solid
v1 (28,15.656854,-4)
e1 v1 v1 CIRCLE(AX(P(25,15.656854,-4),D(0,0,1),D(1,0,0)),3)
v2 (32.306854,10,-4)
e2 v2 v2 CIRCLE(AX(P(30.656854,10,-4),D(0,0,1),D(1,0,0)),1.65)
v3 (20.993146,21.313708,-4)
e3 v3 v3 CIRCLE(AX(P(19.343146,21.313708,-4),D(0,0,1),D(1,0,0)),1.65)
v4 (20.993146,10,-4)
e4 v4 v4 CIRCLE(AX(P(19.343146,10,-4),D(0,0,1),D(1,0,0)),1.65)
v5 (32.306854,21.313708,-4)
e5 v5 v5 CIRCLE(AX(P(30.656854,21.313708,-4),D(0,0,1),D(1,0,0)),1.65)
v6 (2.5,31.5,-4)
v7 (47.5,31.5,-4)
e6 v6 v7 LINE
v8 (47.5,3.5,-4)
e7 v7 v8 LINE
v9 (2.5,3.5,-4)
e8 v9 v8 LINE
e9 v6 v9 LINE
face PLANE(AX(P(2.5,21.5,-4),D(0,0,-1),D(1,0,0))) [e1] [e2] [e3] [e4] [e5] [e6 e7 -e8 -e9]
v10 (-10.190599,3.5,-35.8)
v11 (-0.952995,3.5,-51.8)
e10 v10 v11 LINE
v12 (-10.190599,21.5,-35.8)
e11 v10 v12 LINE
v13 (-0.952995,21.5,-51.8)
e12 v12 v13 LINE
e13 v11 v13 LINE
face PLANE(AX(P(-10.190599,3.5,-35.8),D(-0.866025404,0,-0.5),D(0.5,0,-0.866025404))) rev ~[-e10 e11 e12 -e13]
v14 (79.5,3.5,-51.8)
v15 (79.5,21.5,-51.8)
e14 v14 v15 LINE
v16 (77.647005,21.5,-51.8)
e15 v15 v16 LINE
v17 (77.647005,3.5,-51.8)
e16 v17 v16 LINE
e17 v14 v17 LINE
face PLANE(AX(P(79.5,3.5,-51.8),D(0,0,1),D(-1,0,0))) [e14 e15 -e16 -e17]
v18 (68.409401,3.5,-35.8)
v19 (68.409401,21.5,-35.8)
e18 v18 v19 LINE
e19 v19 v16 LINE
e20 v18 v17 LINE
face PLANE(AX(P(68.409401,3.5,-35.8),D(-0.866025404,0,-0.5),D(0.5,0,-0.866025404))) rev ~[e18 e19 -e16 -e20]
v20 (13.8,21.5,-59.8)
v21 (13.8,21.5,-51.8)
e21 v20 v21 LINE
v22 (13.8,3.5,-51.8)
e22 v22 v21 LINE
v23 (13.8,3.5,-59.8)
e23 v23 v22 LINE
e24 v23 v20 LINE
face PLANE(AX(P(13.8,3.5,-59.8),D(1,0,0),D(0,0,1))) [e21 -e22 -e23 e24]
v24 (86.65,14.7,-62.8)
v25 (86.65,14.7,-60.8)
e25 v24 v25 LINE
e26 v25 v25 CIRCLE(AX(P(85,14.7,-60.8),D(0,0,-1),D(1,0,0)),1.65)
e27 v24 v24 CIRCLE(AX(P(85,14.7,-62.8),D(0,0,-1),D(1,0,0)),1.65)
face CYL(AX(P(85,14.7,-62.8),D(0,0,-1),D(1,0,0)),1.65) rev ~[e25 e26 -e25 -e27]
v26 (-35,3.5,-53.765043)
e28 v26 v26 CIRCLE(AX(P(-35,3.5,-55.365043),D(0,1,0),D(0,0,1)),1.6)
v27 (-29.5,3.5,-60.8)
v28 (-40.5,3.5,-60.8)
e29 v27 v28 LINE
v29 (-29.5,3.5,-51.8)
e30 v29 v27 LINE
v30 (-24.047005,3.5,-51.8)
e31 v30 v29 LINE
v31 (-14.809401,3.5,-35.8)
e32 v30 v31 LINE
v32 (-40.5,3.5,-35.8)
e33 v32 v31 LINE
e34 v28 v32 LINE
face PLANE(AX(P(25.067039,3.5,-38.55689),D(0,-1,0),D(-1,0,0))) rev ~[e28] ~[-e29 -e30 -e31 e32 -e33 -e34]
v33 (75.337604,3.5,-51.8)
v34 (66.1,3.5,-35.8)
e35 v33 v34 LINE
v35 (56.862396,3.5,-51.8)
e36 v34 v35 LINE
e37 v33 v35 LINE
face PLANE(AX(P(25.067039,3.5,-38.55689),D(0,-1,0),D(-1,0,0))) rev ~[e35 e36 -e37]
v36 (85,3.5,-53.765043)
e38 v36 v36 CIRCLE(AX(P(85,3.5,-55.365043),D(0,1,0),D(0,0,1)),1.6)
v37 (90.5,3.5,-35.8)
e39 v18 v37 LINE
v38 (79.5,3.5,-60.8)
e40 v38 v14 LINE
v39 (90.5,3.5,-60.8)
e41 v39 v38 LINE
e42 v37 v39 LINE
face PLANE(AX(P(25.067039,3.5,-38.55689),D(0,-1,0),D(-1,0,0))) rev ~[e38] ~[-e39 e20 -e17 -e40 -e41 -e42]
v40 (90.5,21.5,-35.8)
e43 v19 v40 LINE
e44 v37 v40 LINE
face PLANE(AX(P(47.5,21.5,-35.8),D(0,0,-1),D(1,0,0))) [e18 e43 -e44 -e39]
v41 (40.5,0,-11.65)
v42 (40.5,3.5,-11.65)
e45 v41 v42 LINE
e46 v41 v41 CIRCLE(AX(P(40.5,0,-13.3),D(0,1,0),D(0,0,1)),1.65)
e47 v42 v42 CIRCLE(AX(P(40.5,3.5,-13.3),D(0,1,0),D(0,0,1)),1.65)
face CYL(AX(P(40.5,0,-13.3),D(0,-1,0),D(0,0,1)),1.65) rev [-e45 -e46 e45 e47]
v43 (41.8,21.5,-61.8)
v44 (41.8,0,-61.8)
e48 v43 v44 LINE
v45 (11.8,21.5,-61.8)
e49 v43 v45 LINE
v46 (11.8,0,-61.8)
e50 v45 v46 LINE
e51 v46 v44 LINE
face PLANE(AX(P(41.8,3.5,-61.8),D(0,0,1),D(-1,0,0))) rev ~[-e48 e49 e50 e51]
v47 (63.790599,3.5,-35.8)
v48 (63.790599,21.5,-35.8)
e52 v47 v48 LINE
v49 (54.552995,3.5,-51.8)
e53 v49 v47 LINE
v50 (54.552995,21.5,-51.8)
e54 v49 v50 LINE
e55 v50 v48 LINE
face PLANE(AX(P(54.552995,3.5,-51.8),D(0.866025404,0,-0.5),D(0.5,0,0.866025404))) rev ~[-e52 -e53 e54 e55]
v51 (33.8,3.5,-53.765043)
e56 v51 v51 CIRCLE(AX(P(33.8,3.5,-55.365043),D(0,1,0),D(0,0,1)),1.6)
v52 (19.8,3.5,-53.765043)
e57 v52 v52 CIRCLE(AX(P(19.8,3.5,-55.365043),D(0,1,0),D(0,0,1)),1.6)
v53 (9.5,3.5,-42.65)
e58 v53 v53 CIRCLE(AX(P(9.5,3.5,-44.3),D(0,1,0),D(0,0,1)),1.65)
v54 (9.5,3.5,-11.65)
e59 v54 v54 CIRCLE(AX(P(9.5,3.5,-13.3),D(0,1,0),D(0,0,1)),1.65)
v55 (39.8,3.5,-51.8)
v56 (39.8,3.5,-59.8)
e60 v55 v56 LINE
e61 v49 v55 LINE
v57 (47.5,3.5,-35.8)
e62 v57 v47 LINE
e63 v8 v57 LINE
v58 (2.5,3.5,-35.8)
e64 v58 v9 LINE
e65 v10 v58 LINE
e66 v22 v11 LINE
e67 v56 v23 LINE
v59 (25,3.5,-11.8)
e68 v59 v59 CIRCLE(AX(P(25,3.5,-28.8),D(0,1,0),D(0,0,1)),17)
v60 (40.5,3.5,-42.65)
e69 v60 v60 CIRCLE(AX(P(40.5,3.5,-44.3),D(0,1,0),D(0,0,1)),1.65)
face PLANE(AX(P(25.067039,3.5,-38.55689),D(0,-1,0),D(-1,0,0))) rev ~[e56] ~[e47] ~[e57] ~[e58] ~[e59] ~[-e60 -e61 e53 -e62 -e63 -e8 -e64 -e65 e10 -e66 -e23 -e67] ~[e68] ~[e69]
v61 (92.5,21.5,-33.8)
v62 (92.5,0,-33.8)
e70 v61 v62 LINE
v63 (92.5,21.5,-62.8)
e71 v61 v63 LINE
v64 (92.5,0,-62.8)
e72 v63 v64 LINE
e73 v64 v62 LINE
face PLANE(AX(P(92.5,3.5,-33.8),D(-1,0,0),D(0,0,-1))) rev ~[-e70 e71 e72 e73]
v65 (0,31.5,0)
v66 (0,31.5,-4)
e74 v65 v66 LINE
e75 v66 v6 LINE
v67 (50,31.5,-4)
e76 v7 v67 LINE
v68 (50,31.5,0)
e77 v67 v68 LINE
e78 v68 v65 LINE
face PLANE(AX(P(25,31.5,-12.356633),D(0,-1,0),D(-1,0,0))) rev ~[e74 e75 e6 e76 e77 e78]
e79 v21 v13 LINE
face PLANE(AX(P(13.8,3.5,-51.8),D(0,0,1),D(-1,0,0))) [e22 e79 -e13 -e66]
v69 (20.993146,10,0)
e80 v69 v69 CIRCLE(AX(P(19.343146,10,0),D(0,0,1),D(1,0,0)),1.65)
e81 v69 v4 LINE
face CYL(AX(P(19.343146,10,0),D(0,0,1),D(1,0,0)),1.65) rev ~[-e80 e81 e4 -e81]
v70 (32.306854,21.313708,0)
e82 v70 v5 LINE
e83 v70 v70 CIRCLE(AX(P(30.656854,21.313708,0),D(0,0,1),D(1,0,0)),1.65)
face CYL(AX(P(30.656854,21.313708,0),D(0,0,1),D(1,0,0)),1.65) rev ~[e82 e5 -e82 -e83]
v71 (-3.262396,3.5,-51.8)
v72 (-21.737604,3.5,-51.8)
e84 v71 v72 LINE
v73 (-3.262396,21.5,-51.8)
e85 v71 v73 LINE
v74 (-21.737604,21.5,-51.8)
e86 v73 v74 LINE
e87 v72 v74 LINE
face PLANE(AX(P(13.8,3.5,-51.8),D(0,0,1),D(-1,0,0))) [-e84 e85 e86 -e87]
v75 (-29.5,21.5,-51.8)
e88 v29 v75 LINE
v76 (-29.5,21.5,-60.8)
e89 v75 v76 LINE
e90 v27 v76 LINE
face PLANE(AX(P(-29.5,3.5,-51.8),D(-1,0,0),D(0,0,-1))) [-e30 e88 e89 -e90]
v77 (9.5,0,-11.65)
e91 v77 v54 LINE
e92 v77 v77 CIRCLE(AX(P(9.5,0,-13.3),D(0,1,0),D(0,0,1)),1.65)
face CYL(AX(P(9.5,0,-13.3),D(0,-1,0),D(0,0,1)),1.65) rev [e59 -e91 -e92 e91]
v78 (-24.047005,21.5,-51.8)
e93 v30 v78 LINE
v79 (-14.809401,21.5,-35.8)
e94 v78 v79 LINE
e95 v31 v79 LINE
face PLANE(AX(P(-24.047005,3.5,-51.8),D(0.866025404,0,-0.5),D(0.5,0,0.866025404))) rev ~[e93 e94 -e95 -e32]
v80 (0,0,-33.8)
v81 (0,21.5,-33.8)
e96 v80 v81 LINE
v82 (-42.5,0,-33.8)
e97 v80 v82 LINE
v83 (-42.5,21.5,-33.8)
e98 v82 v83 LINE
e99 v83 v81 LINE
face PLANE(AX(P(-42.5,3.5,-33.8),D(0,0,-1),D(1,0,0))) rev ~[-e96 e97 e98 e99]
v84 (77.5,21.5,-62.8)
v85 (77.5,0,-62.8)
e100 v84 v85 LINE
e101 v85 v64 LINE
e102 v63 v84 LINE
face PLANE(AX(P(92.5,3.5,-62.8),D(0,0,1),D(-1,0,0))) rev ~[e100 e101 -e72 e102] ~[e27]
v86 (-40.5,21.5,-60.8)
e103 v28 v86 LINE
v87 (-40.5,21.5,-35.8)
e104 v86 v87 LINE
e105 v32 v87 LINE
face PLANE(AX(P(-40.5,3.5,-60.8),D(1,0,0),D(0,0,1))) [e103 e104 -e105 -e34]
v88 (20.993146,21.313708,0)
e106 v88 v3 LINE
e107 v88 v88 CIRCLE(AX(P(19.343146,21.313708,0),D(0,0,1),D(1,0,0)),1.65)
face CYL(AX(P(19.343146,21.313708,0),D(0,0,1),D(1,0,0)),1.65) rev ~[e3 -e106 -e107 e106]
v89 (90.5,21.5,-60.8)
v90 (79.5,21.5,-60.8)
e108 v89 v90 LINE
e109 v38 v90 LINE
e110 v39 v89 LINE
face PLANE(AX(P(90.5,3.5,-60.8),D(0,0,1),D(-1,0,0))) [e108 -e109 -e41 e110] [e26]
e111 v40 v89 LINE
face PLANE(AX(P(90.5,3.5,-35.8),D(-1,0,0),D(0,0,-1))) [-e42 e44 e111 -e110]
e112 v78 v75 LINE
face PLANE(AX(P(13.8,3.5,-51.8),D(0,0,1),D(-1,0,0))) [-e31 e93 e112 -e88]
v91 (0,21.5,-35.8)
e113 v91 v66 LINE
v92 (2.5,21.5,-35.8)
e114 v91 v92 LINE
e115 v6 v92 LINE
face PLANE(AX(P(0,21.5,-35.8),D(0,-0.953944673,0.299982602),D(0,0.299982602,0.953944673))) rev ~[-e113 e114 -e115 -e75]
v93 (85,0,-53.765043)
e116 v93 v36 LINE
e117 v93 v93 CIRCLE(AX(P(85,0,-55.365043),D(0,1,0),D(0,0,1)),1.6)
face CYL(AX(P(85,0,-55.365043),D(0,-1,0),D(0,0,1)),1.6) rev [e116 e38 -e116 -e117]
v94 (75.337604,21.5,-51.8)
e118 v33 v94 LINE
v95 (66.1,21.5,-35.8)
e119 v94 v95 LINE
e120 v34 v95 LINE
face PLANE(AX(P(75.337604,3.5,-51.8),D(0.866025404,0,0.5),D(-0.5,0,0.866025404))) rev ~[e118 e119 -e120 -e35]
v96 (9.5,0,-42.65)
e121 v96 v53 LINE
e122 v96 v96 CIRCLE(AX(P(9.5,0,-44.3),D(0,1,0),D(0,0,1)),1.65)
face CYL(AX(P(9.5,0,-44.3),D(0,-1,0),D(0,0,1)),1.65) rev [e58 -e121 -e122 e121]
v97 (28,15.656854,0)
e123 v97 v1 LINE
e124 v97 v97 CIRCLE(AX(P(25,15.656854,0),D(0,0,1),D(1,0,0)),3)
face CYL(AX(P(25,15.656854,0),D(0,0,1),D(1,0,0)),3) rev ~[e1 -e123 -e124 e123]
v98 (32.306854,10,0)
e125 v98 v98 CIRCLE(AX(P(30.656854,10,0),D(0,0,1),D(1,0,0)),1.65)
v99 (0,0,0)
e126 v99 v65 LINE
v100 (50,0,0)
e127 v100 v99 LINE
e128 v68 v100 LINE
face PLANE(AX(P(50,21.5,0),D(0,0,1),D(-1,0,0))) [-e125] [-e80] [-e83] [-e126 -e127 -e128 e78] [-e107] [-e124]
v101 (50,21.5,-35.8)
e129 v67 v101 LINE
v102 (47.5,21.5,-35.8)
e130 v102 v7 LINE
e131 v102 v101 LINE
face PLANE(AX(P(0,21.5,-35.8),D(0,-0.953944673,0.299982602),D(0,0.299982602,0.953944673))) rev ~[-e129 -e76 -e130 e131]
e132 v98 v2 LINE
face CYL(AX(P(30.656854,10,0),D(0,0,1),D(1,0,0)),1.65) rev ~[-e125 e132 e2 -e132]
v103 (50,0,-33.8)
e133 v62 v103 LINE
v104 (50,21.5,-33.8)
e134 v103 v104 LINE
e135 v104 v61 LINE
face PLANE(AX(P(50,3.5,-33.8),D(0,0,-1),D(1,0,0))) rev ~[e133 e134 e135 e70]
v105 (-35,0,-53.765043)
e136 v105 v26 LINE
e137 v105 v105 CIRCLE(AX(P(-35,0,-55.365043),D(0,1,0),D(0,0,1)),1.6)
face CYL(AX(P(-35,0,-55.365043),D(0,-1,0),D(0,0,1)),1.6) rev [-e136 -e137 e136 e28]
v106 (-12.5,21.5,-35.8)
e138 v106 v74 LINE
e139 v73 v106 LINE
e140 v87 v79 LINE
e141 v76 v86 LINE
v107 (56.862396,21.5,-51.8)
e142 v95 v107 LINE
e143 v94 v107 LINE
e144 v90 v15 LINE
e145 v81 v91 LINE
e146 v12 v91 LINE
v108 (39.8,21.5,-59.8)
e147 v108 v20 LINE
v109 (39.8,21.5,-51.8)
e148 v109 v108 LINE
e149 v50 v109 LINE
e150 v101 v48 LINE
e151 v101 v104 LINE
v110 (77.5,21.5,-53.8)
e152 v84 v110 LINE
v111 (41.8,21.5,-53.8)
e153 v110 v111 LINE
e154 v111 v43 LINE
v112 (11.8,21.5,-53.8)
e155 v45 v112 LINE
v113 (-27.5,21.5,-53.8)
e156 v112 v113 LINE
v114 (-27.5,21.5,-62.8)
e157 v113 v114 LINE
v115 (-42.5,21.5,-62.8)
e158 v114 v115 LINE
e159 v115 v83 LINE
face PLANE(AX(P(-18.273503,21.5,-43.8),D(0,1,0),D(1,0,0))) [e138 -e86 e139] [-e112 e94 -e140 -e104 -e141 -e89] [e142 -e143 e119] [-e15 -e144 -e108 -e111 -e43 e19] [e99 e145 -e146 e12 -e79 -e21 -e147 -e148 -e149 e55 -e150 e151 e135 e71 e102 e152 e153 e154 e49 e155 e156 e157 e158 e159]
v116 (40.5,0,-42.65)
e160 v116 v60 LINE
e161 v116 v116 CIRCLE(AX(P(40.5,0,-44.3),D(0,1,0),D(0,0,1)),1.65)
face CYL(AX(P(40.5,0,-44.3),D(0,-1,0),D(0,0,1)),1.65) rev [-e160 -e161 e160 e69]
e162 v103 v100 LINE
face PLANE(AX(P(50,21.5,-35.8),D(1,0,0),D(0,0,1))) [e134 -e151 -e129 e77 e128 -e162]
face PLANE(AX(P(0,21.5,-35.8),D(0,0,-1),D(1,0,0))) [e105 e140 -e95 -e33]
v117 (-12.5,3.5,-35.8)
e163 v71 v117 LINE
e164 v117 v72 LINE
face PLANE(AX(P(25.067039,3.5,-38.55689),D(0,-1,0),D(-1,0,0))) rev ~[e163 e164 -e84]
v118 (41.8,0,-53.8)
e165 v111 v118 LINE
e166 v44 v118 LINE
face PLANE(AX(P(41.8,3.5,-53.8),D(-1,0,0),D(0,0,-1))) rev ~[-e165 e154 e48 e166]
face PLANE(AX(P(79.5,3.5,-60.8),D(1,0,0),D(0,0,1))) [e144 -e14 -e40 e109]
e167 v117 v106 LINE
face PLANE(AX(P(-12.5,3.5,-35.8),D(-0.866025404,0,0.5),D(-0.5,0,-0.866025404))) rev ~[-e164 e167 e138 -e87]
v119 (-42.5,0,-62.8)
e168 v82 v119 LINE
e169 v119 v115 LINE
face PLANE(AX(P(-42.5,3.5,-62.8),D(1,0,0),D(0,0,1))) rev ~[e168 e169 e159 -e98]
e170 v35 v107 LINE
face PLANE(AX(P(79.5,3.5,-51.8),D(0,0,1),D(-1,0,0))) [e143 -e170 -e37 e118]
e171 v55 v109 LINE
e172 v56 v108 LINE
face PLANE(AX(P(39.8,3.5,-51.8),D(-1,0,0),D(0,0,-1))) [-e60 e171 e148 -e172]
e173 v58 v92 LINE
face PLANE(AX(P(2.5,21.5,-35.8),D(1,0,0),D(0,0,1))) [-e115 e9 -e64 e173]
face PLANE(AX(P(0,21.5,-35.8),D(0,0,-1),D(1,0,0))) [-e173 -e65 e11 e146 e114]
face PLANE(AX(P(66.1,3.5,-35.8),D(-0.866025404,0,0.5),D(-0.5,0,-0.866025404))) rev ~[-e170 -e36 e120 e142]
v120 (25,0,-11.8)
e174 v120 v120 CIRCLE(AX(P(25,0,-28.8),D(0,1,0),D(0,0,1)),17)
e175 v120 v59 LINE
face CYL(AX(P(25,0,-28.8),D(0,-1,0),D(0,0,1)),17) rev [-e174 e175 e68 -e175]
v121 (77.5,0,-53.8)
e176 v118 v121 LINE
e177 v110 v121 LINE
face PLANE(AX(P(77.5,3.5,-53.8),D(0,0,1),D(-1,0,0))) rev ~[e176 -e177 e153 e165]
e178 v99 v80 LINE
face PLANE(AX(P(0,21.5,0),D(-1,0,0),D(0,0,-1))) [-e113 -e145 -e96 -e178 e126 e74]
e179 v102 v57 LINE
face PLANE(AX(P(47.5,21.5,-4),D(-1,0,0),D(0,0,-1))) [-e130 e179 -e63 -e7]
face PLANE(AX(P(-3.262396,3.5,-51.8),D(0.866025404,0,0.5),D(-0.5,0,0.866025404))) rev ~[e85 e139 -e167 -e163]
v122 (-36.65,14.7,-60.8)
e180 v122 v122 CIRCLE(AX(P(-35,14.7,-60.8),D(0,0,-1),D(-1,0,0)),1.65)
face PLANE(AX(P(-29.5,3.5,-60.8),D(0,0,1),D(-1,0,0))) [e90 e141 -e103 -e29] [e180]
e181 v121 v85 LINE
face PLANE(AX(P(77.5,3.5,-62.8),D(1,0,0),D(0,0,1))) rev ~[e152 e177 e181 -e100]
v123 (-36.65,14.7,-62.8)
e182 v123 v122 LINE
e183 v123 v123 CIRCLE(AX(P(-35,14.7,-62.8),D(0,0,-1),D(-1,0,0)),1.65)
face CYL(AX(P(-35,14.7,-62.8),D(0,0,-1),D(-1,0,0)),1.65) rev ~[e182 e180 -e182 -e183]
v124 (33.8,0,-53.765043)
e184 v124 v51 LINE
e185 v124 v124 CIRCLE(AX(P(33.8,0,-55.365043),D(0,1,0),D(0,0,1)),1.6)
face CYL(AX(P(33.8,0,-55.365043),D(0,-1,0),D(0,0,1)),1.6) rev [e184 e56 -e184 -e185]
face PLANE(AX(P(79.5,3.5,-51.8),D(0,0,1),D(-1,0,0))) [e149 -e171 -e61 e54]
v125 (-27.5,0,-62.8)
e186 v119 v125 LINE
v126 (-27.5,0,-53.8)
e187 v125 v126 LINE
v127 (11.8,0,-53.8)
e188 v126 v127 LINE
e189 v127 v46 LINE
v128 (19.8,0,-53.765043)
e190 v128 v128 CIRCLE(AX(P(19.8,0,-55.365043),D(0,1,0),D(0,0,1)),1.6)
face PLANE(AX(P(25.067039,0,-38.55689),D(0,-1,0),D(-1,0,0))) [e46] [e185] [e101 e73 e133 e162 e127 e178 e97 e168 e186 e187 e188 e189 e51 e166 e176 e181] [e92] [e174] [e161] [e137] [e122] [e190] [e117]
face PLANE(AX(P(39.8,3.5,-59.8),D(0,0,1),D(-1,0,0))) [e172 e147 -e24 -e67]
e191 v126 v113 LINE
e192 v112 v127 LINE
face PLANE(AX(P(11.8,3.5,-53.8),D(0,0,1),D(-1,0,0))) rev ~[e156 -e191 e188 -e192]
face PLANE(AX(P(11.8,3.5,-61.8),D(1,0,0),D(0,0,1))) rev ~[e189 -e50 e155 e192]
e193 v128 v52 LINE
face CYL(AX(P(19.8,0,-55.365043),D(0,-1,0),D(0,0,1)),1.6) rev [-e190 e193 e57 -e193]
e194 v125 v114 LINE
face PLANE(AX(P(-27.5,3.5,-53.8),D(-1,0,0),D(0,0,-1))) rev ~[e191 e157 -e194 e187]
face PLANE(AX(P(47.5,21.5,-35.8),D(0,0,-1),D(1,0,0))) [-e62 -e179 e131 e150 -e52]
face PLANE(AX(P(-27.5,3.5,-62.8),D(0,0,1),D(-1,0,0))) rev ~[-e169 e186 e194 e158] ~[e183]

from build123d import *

# Parameters (mm, degrees)
SKETCH_2_R          = 1.6
SKETCH_2_R_2        = 17
SKETCH_2_R_3        = 1.65
EXTRUDE_2_DEPTH     = 3.5
EXTRUDE_3_DEPTH     = 18
EXTRUDE_4_DEPTH     = 10
CUT_EXTRUDE_5_DEPTH = 117.156532317
SKETCH_10_R         = 3
SKETCH_10_R_2       = 1.65
CUT_EXTRUDE_4_DEPTH = 5
EXTRUDE_5_DEPTH     = 18
SKETCH_14_R         = 1.65
CUT_EXTRUDE_6_DEPTH = 10


with BuildPart() as part:
    # 草图2 → 凸台-拉伸2 (new body)
    with BuildSketch(Plane(origin=(0, 0, 0), x_dir=(1, 0, 0), z_dir=(0, 1, 0))):
        Polygon((-42.5, 33.8), (-42.5, 62.8), (-27.5, 62.8), (-27.5, 53.8), (11.8, 53.8), (11.8, 61.8), (41.8, 61.8), (41.8, 53.8), (77.5, 53.8), (77.5, 62.8), (92.5, 62.8), (92.5, 33.8), (50, 33.8), (50, 0), (0, 0), (0, 33.8), align=None)
        with Locations(Location((-35, 55.365042575, 0), (0, 0, 270))):
            Circle(SKETCH_2_R, mode=Mode.SUBTRACT)
        with Locations(Location((85, 55.365042575, 0), (0, 0, 270))):
            Circle(SKETCH_2_R, mode=Mode.SUBTRACT)
        with Locations(Location((19.8, 55.365042575, 0), (0, 0, 270))):
            Circle(SKETCH_2_R, mode=Mode.SUBTRACT)
        with Locations(Location((33.8, 55.365042575, 0), (0, 0, 270))):
            Circle(SKETCH_2_R, mode=Mode.SUBTRACT)
        with Locations(Location((25, 28.8, 0), (0, 0, 270))):
            Circle(SKETCH_2_R_2, mode=Mode.SUBTRACT)
        with Locations(Location((40.5, 44.3, 0), (0, 0, 270))):
            Circle(SKETCH_2_R_3, mode=Mode.SUBTRACT)
        with Locations(Location((40.5, 13.3, 0), (0, 0, 270))):
            Circle(SKETCH_2_R_3, mode=Mode.SUBTRACT)
        with Locations(Location((9.5, 13.3, 0), (0, 0, 270))):
            Circle(SKETCH_2_R_3, mode=Mode.SUBTRACT)
        with Locations(Location((9.5, 44.3, 0), (0, 0, 270))):
            Circle(SKETCH_2_R_3, mode=Mode.SUBTRACT)
    extrude(amount=EXTRUDE_2_DEPTH)

    # 草图6 → 凸台-拉伸3 (add)
    with BuildSketch(Plane(origin=(0, 3.5, 0), x_dir=(1, 0, 0), z_dir=(0, 1, 0))):
        Polygon((11.8, 53.8), (-27.5, 53.8), (-27.5, 62.8), (-42.5, 62.8), (-42.5, 33.8), (0, 33.8), (0, 0), (50, 0), (50, 33.8), (92.5, 33.8), (92.5, 62.8), (77.5, 62.8), (77.5, 53.8), (41.8, 53.8), (41.8, 61.8), (11.8, 61.8), align=None)
        Polygon((13.8, 51.8), (-29.5, 51.8), (-29.5, 60.8), (-40.5, 60.8), (-40.5, 35.8), (2.5, 35.8), (2.5, 4), (47.5, 4), (47.5, 35.8), (90.5, 35.8), (90.5, 60.8), (79.5, 60.8), (79.5, 51.8), (39.8, 51.8), (39.8, 59.8), (13.8, 59.8), align=None, mode=Mode.SUBTRACT)
    extrude(amount=EXTRUDE_3_DEPTH)

    # 草图11 → 凸台-拉伸4 (add)
    with BuildSketch(Plane(origin=(0, 21.5, 0), x_dir=(1, 0, 0), z_dir=(0, 1, 0))):
        Polygon((2.5, 35.8), (2.5, 4), (47.5, 4), (47.5, 35.8), (50, 35.8), (50, 0), (0, 0), (0, 35.8), align=None)
    extrude(amount=EXTRUDE_4_DEPTH)

    # 草图12 → 切除-拉伸5 (cut, through all)
    with BuildSketch(Plane.ZY):
        Polygon((-35.8, 21.5), (-4, 31.5), (-35.8, 31.5), align=None)
    extrude(amount=-CUT_EXTRUDE_5_DEPTH, mode=Mode.SUBTRACT)

    # 草图10 → 切除-拉伸4 (cut)
    with BuildSketch(Plane.XY):
        with Locations((25, 15.656854249)):
            Circle(SKETCH_10_R)
        with Locations((30.656854249, 21.313708499)):
            Circle(SKETCH_10_R_2)
        with Locations((30.656854249, 10)):
            Circle(SKETCH_10_R_2)
        with Locations((19.343145751, 10)):
            Circle(SKETCH_10_R_2)
        with Locations((19.343145751, 21.313708499)):
            Circle(SKETCH_10_R_2)
    extrude(amount=-CUT_EXTRUDE_4_DEPTH, mode=Mode.SUBTRACT)

    # 草图13 → 凸台-拉伸5 (add)
    with BuildSketch(Plane(origin=(0, 3.5, 0), x_dir=(1, 0, 0), z_dir=(0, 1, 0))):
        Polygon((-12.5, 35.8), (-21.737604307, 51.8), (-24.047005384, 51.8), (-14.809401077, 35.8), align=None)
        Polygon((-3.262395693, 51.8), (-12.5, 35.8), (-10.190598923, 35.8), (-0.952994616, 51.8), align=None)
        Polygon((54.552994616, 51.8), (63.790598923, 35.8), (66.1, 35.8), (56.862395693, 51.8), align=None)
        Polygon((75.337604307, 51.8), (66.1, 35.8), (68.409401077, 35.8), (77.647005384, 51.8), align=None)
    extrude(amount=EXTRUDE_5_DEPTH)

    # 草图14 → 切除-拉伸6 (cut)
    with BuildSketch(Plane(origin=(0, 0, -62.8), x_dir=(-1, 0, 0), z_dir=(0, 0, -1))):
        with Locations((35, 14.7)):
            Circle(SKETCH_14_R)
        with Locations(Location((-85, 14.7, 0), (0, 0, 180))):
            Circle(SKETCH_14_R)
    extrude(amount=-CUT_EXTRUDE_6_DEPTH, mode=Mode.SUBTRACT)


solid = part.part
